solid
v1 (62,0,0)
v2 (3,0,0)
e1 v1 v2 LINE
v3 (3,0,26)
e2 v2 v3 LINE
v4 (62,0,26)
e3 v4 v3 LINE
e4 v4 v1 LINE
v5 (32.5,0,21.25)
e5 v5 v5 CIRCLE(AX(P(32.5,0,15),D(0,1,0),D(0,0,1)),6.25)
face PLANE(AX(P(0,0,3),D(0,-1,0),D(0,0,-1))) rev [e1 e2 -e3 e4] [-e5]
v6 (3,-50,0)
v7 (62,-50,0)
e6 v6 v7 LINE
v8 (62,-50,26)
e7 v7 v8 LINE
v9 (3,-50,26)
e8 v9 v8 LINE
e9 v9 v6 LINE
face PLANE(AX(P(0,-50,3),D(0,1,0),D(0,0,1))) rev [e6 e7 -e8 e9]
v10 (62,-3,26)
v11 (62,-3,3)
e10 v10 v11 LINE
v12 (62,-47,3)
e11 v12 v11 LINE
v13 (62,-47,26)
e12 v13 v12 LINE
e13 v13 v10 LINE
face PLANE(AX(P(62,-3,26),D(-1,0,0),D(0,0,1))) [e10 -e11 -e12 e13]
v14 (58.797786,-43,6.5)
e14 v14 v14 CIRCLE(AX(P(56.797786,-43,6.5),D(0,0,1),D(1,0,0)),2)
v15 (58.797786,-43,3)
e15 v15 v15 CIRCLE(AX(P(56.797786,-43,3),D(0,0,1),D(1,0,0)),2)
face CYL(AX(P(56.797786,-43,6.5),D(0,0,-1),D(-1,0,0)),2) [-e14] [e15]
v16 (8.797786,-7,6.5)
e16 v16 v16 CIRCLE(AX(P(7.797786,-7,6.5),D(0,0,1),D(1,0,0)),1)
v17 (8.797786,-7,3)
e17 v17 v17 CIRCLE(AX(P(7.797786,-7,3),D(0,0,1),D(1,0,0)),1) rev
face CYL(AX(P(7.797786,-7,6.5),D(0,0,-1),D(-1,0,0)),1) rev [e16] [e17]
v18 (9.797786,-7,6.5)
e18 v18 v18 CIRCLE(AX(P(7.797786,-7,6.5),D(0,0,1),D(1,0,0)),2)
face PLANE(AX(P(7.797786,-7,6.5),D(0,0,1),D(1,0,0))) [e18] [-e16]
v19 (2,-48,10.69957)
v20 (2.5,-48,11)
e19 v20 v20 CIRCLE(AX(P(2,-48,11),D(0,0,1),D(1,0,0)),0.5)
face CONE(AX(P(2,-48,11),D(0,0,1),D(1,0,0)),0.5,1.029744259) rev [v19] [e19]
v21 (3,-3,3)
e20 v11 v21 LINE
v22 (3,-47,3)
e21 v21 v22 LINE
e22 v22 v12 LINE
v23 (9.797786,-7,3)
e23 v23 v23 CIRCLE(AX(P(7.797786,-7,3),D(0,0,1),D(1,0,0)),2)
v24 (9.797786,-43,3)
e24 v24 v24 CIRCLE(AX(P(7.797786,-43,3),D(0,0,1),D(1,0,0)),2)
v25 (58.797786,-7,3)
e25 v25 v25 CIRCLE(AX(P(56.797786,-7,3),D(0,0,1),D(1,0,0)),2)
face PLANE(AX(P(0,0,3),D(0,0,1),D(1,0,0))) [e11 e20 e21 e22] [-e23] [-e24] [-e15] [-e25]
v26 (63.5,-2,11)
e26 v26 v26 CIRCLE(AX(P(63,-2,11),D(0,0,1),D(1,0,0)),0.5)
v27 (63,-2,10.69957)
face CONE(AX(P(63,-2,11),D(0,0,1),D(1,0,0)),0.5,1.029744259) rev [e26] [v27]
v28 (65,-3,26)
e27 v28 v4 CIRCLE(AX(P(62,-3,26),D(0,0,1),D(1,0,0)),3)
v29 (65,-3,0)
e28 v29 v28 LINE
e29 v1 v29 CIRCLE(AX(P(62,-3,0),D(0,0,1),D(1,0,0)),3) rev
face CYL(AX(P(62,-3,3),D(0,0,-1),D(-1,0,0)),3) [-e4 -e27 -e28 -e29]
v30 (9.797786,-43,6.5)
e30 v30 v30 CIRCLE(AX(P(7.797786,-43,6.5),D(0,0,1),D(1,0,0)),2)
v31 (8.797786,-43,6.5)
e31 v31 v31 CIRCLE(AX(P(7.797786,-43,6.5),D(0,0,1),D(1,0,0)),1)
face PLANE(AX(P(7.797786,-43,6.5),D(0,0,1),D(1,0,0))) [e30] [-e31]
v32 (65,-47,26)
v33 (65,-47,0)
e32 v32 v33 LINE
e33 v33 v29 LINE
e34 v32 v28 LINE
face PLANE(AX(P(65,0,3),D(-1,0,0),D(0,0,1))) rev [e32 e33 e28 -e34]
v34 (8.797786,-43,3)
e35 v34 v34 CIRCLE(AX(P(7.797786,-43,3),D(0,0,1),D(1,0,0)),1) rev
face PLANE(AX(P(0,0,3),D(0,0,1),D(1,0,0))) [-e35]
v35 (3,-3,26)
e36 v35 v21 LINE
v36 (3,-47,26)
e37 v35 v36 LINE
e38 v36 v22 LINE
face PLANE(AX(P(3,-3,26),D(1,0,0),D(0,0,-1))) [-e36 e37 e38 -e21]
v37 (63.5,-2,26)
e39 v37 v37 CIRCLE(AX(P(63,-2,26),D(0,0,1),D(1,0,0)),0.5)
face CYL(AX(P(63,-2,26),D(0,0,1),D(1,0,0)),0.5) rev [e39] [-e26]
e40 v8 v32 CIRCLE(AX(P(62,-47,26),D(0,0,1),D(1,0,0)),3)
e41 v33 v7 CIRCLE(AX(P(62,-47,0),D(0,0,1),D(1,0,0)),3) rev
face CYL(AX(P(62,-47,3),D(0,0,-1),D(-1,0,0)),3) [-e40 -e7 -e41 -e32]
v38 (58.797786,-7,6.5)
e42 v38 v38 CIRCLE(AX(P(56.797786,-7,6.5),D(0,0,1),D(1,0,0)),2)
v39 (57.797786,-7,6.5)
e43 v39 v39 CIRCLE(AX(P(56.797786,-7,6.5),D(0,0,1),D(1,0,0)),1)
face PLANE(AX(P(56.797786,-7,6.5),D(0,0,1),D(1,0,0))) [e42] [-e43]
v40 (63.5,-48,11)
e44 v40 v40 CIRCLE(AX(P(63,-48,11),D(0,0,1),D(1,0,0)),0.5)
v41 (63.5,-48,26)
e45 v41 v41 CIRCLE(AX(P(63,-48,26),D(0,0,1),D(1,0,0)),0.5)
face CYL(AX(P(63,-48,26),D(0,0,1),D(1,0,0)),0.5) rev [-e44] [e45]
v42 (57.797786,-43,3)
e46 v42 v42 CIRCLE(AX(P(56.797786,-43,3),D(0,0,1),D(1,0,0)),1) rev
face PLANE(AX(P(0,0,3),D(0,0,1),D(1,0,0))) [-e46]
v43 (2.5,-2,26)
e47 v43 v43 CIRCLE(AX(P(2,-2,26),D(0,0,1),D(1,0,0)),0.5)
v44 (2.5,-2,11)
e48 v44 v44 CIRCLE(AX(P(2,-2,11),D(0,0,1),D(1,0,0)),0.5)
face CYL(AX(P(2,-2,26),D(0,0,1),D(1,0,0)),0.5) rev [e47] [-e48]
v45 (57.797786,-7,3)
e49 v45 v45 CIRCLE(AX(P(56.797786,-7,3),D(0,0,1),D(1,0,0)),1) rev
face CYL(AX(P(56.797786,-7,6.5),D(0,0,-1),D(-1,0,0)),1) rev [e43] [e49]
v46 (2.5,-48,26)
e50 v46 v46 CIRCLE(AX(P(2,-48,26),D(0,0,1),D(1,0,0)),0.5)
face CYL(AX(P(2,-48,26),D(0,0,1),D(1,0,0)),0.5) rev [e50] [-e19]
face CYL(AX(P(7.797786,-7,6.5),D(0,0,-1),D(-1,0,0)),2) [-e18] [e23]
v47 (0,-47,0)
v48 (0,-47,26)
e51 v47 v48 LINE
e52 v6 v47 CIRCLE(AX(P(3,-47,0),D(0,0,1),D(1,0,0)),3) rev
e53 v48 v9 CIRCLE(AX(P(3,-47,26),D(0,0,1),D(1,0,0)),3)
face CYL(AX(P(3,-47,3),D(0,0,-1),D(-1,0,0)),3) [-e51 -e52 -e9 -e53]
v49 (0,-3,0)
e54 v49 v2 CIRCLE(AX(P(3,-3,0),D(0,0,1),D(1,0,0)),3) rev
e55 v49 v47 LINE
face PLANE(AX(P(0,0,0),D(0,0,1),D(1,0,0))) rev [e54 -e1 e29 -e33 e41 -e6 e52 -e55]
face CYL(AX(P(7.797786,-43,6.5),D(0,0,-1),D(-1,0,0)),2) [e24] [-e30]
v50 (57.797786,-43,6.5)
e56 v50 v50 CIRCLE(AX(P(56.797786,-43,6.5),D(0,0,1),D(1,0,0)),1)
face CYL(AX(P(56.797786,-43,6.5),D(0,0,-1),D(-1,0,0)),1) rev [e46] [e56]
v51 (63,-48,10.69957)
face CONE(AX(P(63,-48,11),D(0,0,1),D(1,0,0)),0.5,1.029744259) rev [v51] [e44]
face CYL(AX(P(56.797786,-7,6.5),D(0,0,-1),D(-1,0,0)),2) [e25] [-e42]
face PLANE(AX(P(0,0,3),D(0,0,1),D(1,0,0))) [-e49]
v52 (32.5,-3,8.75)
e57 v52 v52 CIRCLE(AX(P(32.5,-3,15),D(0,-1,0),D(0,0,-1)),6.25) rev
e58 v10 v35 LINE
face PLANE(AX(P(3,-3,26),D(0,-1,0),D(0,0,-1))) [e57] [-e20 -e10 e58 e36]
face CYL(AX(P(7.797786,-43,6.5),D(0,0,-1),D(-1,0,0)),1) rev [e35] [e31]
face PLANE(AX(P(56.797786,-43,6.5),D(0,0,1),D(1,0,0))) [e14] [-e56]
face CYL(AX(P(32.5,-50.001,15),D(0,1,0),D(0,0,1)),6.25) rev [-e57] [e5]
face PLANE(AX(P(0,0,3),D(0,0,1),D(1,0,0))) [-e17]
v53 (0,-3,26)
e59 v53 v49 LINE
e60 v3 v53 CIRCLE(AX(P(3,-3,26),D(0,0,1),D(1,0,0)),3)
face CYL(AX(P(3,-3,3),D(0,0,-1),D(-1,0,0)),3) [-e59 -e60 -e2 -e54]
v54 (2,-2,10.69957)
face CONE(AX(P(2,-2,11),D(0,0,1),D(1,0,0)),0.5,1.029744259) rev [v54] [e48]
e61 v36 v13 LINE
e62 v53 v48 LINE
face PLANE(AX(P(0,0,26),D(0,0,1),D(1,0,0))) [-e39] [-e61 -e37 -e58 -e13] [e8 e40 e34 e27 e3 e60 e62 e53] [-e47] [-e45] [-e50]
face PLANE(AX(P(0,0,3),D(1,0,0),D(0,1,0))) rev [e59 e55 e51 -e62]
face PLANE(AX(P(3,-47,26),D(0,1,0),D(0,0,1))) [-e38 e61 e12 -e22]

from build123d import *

# Parameters (mm, degrees)
SKIZZE1_W                          = 65
SKIZZE1_H                          = 50
AUFSATZ_LINEAR_AUSTRAGEN1_DEPTH    = 3
SKIZZE2_W                          = 65
SKIZZE2_H                          = 50
SKIZZE2_W_2                        = 59
SKIZZE2_H_2                        = 44
AUFSATZ_LINEAR_AUSTRAGEN2_DEPTH    = 23
SKIZZE4_R                          = 2
SKIZZE4_R_2                        = 1
AUFSATZ_LINEAR_AUSTRAGEN3_DEPTH    = 3.5
SCHNITT_LINEAR_AUSTRAGEN1_REACH    = 52
SKIZZE5_R                          = 6.25
VERRUNDUNG1_R                      = 3
F_1_0_1_DURCHMESSER_BOHRUNG1_D     = 1
F_1_0_1_DURCHMESSER_BOHRUNG1_DEPTH = 15
F_1_0_1_DURCHMESSER_BOHRUNG1_TIP   = 0.30043031


with BuildPart() as part:
    # Skizze1 → Aufsatz-Linear austragen1 (new body)
    with BuildSketch(Plane.XY):
        with Locations((32.5, -25)):
            Rectangle(SKIZZE1_W, SKIZZE1_H)
    extrude(amount=AUFSATZ_LINEAR_AUSTRAGEN1_DEPTH)

    # Skizze2 → Aufsatz-Linear austragen2 (add)
    with BuildSketch(Plane.XY.offset(3)):
        with Locations((32.5, -25)):
            Rectangle(SKIZZE2_W, SKIZZE2_H)
        with Locations((32.5, -25)):
            Rectangle(SKIZZE2_W_2, SKIZZE2_H_2, mode=Mode.SUBTRACT)
    extrude(amount=AUFSATZ_LINEAR_AUSTRAGEN2_DEPTH)

    # Skizze4 → Aufsatz-Linear austragen3 (add)
    with BuildSketch(Plane.XY.offset(3)):
        with Locations((7.797786215, -7)):
            Circle(SKIZZE4_R)
        with Locations((7.797786215, -7)):
            Circle(SKIZZE4_R_2, mode=Mode.SUBTRACT)
        with Locations((56.797786215, -7)):
            Circle(SKIZZE4_R)
        with Locations((56.797786215, -7)):
            Circle(SKIZZE4_R_2, mode=Mode.SUBTRACT)
        with Locations((56.797786215, -43)):
            Circle(SKIZZE4_R)
        with Locations((56.797786215, -43)):
            Circle(SKIZZE4_R_2, mode=Mode.SUBTRACT)
        with Locations((7.797786215, -43)):
            Circle(SKIZZE4_R)
        with Locations((7.797786215, -43)):
            Circle(SKIZZE4_R_2, mode=Mode.SUBTRACT)
    extrude(amount=AUFSATZ_LINEAR_AUSTRAGEN3_DEPTH)

    # Skizze5 → Schnitt-Linear austragen1 (cut, up to next)
    with BuildSketch(Plane(origin=(0, 0, 0), x_dir=(1, 0, 0), z_dir=(0, 1, 0)), mode=Mode.PRIVATE) as schnitt_linear_austragen1_sk1:
        with Locations((32.5, -15)):
            Circle(SKIZZE5_R)
    schnitt_linear_austragen1_tool1 = extrude(schnitt_linear_austragen1_sk1.sketch, amount=-SCHNITT_LINEAR_AUSTRAGEN1_REACH, mode=Mode.PRIVATE) & part.part
    add(schnitt_linear_austragen1_tool1.solids().sort_by_distance((32.5, 0, 15))[0], mode=Mode.SUBTRACT)

    # Verrundung1
    verrundung1_edges = [part.edges().sort_by_distance(p)[0] for p in [
        (0, 0, 13),
        (65, 0, 13),
        (65, -50, 13),
        (0, -50, 13),
    ]]
    fillet(verrundung1_edges, radius=VERRUNDUNG1_R)

    # Ø1.0 (1) Durchmesser Bohrung1
    with Locations(Plane.XY.offset(26)):
        with Locations((63, -48), (63, -2), (2, -2), (2, -48)):
            Hole(F_1_0_1_DURCHMESSER_BOHRUNG1_D / 2, depth=F_1_0_1_DURCHMESSER_BOHRUNG1_DEPTH)
            with Locations((0, 0, -(F_1_0_1_DURCHMESSER_BOHRUNG1_DEPTH + F_1_0_1_DURCHMESSER_BOHRUNG1_TIP / 2))):  # 118° drill point
                Cone(0, F_1_0_1_DURCHMESSER_BOHRUNG1_D / 2, F_1_0_1_DURCHMESSER_BOHRUNG1_TIP, mode=Mode.SUBTRACT)


solid = part.part
